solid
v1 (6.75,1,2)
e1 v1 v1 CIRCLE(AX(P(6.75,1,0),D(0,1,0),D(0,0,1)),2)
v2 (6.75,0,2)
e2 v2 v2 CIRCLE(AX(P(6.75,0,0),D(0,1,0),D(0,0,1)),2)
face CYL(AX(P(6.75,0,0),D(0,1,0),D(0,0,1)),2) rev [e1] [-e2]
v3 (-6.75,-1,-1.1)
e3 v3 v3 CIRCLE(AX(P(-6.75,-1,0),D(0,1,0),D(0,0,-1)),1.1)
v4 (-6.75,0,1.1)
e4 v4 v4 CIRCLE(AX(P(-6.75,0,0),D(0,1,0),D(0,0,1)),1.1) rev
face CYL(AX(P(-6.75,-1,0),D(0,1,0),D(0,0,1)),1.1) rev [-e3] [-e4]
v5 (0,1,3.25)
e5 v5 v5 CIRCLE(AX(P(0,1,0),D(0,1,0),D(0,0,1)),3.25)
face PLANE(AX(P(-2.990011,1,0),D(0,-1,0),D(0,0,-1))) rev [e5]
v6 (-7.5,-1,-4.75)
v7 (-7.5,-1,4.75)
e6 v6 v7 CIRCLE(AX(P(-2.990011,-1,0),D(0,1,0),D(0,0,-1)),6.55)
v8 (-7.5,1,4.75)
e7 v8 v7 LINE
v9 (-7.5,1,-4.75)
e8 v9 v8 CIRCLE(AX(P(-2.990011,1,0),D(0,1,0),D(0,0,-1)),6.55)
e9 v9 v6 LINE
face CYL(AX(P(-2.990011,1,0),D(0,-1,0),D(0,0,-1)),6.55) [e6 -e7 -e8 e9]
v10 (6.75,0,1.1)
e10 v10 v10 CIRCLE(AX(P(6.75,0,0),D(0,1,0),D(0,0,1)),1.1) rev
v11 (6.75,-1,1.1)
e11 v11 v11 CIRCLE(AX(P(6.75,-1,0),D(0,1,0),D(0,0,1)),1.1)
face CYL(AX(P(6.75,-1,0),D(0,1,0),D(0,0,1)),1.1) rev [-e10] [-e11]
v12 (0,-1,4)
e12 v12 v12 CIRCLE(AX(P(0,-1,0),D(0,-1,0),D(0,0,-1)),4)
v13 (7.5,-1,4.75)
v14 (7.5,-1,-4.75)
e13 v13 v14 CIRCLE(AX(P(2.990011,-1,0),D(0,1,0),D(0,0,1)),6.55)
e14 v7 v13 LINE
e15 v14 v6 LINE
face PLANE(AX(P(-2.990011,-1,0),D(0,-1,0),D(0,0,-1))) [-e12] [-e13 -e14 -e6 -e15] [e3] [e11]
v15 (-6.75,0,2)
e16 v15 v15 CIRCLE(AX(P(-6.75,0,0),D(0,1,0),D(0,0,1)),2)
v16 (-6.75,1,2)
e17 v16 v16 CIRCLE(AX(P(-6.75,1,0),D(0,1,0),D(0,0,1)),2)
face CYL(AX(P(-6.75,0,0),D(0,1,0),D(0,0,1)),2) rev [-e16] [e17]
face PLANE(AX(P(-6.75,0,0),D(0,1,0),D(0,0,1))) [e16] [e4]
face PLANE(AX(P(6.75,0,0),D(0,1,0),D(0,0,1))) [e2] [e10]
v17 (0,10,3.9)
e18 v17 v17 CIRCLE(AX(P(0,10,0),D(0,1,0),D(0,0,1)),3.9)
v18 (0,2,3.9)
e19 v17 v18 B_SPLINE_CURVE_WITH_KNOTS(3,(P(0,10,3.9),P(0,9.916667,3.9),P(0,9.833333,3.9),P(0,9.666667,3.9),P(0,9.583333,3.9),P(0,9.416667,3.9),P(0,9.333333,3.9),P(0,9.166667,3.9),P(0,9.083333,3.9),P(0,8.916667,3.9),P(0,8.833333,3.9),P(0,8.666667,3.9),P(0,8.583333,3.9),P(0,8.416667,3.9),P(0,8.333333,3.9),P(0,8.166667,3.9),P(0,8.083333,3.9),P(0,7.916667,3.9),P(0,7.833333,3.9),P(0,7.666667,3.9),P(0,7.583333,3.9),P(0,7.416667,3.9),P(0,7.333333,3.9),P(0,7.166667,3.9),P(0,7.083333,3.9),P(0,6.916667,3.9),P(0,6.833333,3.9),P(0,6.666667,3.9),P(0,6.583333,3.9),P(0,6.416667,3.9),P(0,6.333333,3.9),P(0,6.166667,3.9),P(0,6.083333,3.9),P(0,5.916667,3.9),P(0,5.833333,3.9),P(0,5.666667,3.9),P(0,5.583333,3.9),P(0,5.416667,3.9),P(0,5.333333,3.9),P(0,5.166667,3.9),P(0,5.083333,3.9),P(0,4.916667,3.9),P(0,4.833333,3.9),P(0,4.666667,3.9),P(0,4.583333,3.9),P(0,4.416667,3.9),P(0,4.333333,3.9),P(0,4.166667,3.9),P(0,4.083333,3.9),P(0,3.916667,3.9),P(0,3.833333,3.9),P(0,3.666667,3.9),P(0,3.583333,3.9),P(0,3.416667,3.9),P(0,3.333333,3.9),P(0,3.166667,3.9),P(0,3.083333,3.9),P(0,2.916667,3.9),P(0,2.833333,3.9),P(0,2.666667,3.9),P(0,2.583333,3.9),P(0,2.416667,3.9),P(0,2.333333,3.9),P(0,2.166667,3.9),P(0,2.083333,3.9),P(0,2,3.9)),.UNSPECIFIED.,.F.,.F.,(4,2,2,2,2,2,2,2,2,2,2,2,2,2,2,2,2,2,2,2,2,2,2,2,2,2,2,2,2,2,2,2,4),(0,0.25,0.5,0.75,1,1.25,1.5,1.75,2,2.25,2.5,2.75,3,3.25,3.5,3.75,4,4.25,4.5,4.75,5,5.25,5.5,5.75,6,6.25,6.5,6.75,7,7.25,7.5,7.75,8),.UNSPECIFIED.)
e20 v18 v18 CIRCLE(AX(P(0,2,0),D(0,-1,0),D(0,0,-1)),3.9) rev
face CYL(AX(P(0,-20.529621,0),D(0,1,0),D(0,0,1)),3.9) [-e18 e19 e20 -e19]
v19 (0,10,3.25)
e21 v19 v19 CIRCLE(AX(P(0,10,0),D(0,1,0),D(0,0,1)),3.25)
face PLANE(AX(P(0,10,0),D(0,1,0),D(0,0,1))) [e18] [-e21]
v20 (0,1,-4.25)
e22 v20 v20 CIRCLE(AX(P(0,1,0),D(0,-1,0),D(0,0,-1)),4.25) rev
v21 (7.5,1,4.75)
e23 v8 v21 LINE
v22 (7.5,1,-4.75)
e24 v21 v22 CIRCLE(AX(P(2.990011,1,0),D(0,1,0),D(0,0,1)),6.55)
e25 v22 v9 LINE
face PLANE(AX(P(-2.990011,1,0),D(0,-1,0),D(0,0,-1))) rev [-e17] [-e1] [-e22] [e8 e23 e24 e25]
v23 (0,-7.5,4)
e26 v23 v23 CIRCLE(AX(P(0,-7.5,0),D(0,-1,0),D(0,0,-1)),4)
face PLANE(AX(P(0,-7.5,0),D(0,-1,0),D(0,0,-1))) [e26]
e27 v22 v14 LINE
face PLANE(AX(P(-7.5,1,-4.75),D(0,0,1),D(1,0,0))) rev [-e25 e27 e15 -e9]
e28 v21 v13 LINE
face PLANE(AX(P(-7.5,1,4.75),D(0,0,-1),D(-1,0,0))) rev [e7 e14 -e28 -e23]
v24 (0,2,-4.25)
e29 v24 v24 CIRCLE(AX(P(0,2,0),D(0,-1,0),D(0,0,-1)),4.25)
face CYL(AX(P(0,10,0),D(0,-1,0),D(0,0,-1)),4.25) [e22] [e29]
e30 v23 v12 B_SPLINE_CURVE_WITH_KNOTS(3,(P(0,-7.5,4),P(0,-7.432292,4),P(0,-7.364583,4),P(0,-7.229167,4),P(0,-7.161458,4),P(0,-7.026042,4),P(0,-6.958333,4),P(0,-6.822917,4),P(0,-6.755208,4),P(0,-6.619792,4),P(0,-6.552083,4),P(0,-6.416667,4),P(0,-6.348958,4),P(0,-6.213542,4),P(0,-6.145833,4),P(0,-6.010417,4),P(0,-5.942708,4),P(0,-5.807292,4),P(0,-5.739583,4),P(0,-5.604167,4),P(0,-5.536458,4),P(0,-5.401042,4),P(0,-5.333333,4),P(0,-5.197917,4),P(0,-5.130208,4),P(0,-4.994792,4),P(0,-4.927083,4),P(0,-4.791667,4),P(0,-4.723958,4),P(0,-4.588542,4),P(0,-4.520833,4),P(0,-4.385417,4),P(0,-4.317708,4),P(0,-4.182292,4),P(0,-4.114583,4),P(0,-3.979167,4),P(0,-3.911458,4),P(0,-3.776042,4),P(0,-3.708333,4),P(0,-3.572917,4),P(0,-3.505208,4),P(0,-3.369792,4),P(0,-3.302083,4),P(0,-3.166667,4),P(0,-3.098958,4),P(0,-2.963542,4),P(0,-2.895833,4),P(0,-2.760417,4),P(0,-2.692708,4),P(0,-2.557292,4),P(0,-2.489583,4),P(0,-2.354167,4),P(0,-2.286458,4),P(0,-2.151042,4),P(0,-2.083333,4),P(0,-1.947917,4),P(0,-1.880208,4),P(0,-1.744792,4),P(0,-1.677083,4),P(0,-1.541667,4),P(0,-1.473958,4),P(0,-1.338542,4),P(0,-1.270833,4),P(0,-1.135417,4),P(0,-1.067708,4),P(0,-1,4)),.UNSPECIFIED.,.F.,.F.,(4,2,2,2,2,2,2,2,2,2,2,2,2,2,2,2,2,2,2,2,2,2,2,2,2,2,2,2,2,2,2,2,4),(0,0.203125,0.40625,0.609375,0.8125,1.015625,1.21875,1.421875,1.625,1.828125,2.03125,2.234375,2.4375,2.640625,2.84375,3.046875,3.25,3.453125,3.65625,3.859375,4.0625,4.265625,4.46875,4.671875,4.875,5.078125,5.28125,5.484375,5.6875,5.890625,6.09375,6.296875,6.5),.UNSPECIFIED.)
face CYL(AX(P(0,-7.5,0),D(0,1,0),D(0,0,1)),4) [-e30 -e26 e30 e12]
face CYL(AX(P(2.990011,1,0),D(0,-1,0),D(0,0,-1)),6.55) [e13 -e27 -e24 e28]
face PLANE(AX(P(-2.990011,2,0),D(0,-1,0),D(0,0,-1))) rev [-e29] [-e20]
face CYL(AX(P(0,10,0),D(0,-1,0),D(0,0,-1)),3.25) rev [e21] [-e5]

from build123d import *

# Parameters (mm, degrees)
EXTRUDE_1_DEPTH      = 1
EXTRUDE_1_DEPTH_BACK = 1
SKETCH_2_R           = 4.25
SKETCH_2_R_2         = 3.25
EXTRUDE_2_DEPTH      = 9
SKETCH_3_R           = 1.1
CUT_EXTRUDE_1_DEPTH  = 14.948989624
SKETCH_8_R           = 2
CUT_EXTRUDE_3_DEPTH  = 1
SKETCH_4_R           = 4
EXTRUDE_1_2_DEPTH    = 6.5
SKETCH_5_OUTSIDE_W   = 26.596
SKETCH_5_OUTSIDE_H   = 17.016
SKETCH_5_OUTSIDE_R   = 3.9
CUT_EXTRUDE_2_DEPTH  = 8


with BuildPart() as part:
    # 草图1 → Extrude 1 (new, two sides: drawn at the far end of the back side and taken through both)
    with BuildSketch(Plane(origin=(0, 0, 0), x_dir=(1, 0, 0), z_dir=(0, 1, 0)).offset(-EXTRUDE_1_DEPTH_BACK)):
        with BuildLine():
            Line((-7.5, 4.75), (7.5, 4.75))
            ThreePointArc((7.5, 4.75), (9.540011086, 0), (7.5, -4.75))
            Line((7.5, -4.75), (-7.5, -4.75))
            ThreePointArc((-7.5, -4.75), (-9.540011086, 0), (-7.5, 4.75))
        make_face()
    extrude(amount=EXTRUDE_1_DEPTH + EXTRUDE_1_DEPTH_BACK)

    # 草图2 → Extrude 2 (add)
    with BuildSketch(Plane(origin=(0, 1, 0), x_dir=(-1, 0, 0), z_dir=(0, 1, 0))):
        with Locations(Location((0, 0, 0), (0, 0, 270))):
            Circle(SKETCH_2_R)
        with Locations(Location((0, 0, 0), (0, 0, 90))):
            Circle(SKETCH_2_R_2, mode=Mode.SUBTRACT)
    extrude(amount=EXTRUDE_2_DEPTH)

    # 草图3 → 切除-拉伸1 (cut, through all)
    with BuildSketch(Plane(origin=(0, 1, 0), x_dir=(-1, 0, 0), z_dir=(0, 1, 0))):
        with Locations(Location((-6.75, 0, 0), (0, 0, 90))):
            Circle(SKETCH_3_R)
        with Locations(Location((6.75, 0, 0), (0, 0, 270))):
            Circle(SKETCH_3_R)
    extrude(amount=-CUT_EXTRUDE_1_DEPTH, mode=Mode.SUBTRACT)

    # 草图8 → 切除-拉伸3 (cut)
    with BuildSketch(Plane(origin=(0, 1, 0), x_dir=(1, 0, 0), z_dir=(0, 1, 0))):
        with Locations(Location((-6.75, 0, 0), (0, 0, 270))):
            Circle(SKETCH_8_R)
        with Locations(Location((6.75, 0, 0), (0, 0, 270))):
            Circle(SKETCH_8_R)
    extrude(amount=-CUT_EXTRUDE_3_DEPTH, mode=Mode.SUBTRACT)

    # 草图4 → Extrude 1 2 (add)
    with BuildSketch(Plane.XZ.offset(1)):
        with Locations(Location((0, 0, 0), (0, 0, 90))):
            Circle(SKETCH_4_R)
    extrude(amount=EXTRUDE_1_2_DEPTH)

    # 草图5 outside → 切除-拉伸2 (cut)
    with BuildSketch(Plane(origin=(0, 10, 0), x_dir=(1, 0, 0), z_dir=(0, 1, 0))):
        Rectangle(SKETCH_5_OUTSIDE_W, SKETCH_5_OUTSIDE_H)
        with Locations(Location((0, 0, 0), (0, 0, 270))):
            Circle(SKETCH_5_OUTSIDE_R, mode=Mode.SUBTRACT)
    extrude(amount=-CUT_EXTRUDE_2_DEPTH, mode=Mode.SUBTRACT)


solid = part.part
